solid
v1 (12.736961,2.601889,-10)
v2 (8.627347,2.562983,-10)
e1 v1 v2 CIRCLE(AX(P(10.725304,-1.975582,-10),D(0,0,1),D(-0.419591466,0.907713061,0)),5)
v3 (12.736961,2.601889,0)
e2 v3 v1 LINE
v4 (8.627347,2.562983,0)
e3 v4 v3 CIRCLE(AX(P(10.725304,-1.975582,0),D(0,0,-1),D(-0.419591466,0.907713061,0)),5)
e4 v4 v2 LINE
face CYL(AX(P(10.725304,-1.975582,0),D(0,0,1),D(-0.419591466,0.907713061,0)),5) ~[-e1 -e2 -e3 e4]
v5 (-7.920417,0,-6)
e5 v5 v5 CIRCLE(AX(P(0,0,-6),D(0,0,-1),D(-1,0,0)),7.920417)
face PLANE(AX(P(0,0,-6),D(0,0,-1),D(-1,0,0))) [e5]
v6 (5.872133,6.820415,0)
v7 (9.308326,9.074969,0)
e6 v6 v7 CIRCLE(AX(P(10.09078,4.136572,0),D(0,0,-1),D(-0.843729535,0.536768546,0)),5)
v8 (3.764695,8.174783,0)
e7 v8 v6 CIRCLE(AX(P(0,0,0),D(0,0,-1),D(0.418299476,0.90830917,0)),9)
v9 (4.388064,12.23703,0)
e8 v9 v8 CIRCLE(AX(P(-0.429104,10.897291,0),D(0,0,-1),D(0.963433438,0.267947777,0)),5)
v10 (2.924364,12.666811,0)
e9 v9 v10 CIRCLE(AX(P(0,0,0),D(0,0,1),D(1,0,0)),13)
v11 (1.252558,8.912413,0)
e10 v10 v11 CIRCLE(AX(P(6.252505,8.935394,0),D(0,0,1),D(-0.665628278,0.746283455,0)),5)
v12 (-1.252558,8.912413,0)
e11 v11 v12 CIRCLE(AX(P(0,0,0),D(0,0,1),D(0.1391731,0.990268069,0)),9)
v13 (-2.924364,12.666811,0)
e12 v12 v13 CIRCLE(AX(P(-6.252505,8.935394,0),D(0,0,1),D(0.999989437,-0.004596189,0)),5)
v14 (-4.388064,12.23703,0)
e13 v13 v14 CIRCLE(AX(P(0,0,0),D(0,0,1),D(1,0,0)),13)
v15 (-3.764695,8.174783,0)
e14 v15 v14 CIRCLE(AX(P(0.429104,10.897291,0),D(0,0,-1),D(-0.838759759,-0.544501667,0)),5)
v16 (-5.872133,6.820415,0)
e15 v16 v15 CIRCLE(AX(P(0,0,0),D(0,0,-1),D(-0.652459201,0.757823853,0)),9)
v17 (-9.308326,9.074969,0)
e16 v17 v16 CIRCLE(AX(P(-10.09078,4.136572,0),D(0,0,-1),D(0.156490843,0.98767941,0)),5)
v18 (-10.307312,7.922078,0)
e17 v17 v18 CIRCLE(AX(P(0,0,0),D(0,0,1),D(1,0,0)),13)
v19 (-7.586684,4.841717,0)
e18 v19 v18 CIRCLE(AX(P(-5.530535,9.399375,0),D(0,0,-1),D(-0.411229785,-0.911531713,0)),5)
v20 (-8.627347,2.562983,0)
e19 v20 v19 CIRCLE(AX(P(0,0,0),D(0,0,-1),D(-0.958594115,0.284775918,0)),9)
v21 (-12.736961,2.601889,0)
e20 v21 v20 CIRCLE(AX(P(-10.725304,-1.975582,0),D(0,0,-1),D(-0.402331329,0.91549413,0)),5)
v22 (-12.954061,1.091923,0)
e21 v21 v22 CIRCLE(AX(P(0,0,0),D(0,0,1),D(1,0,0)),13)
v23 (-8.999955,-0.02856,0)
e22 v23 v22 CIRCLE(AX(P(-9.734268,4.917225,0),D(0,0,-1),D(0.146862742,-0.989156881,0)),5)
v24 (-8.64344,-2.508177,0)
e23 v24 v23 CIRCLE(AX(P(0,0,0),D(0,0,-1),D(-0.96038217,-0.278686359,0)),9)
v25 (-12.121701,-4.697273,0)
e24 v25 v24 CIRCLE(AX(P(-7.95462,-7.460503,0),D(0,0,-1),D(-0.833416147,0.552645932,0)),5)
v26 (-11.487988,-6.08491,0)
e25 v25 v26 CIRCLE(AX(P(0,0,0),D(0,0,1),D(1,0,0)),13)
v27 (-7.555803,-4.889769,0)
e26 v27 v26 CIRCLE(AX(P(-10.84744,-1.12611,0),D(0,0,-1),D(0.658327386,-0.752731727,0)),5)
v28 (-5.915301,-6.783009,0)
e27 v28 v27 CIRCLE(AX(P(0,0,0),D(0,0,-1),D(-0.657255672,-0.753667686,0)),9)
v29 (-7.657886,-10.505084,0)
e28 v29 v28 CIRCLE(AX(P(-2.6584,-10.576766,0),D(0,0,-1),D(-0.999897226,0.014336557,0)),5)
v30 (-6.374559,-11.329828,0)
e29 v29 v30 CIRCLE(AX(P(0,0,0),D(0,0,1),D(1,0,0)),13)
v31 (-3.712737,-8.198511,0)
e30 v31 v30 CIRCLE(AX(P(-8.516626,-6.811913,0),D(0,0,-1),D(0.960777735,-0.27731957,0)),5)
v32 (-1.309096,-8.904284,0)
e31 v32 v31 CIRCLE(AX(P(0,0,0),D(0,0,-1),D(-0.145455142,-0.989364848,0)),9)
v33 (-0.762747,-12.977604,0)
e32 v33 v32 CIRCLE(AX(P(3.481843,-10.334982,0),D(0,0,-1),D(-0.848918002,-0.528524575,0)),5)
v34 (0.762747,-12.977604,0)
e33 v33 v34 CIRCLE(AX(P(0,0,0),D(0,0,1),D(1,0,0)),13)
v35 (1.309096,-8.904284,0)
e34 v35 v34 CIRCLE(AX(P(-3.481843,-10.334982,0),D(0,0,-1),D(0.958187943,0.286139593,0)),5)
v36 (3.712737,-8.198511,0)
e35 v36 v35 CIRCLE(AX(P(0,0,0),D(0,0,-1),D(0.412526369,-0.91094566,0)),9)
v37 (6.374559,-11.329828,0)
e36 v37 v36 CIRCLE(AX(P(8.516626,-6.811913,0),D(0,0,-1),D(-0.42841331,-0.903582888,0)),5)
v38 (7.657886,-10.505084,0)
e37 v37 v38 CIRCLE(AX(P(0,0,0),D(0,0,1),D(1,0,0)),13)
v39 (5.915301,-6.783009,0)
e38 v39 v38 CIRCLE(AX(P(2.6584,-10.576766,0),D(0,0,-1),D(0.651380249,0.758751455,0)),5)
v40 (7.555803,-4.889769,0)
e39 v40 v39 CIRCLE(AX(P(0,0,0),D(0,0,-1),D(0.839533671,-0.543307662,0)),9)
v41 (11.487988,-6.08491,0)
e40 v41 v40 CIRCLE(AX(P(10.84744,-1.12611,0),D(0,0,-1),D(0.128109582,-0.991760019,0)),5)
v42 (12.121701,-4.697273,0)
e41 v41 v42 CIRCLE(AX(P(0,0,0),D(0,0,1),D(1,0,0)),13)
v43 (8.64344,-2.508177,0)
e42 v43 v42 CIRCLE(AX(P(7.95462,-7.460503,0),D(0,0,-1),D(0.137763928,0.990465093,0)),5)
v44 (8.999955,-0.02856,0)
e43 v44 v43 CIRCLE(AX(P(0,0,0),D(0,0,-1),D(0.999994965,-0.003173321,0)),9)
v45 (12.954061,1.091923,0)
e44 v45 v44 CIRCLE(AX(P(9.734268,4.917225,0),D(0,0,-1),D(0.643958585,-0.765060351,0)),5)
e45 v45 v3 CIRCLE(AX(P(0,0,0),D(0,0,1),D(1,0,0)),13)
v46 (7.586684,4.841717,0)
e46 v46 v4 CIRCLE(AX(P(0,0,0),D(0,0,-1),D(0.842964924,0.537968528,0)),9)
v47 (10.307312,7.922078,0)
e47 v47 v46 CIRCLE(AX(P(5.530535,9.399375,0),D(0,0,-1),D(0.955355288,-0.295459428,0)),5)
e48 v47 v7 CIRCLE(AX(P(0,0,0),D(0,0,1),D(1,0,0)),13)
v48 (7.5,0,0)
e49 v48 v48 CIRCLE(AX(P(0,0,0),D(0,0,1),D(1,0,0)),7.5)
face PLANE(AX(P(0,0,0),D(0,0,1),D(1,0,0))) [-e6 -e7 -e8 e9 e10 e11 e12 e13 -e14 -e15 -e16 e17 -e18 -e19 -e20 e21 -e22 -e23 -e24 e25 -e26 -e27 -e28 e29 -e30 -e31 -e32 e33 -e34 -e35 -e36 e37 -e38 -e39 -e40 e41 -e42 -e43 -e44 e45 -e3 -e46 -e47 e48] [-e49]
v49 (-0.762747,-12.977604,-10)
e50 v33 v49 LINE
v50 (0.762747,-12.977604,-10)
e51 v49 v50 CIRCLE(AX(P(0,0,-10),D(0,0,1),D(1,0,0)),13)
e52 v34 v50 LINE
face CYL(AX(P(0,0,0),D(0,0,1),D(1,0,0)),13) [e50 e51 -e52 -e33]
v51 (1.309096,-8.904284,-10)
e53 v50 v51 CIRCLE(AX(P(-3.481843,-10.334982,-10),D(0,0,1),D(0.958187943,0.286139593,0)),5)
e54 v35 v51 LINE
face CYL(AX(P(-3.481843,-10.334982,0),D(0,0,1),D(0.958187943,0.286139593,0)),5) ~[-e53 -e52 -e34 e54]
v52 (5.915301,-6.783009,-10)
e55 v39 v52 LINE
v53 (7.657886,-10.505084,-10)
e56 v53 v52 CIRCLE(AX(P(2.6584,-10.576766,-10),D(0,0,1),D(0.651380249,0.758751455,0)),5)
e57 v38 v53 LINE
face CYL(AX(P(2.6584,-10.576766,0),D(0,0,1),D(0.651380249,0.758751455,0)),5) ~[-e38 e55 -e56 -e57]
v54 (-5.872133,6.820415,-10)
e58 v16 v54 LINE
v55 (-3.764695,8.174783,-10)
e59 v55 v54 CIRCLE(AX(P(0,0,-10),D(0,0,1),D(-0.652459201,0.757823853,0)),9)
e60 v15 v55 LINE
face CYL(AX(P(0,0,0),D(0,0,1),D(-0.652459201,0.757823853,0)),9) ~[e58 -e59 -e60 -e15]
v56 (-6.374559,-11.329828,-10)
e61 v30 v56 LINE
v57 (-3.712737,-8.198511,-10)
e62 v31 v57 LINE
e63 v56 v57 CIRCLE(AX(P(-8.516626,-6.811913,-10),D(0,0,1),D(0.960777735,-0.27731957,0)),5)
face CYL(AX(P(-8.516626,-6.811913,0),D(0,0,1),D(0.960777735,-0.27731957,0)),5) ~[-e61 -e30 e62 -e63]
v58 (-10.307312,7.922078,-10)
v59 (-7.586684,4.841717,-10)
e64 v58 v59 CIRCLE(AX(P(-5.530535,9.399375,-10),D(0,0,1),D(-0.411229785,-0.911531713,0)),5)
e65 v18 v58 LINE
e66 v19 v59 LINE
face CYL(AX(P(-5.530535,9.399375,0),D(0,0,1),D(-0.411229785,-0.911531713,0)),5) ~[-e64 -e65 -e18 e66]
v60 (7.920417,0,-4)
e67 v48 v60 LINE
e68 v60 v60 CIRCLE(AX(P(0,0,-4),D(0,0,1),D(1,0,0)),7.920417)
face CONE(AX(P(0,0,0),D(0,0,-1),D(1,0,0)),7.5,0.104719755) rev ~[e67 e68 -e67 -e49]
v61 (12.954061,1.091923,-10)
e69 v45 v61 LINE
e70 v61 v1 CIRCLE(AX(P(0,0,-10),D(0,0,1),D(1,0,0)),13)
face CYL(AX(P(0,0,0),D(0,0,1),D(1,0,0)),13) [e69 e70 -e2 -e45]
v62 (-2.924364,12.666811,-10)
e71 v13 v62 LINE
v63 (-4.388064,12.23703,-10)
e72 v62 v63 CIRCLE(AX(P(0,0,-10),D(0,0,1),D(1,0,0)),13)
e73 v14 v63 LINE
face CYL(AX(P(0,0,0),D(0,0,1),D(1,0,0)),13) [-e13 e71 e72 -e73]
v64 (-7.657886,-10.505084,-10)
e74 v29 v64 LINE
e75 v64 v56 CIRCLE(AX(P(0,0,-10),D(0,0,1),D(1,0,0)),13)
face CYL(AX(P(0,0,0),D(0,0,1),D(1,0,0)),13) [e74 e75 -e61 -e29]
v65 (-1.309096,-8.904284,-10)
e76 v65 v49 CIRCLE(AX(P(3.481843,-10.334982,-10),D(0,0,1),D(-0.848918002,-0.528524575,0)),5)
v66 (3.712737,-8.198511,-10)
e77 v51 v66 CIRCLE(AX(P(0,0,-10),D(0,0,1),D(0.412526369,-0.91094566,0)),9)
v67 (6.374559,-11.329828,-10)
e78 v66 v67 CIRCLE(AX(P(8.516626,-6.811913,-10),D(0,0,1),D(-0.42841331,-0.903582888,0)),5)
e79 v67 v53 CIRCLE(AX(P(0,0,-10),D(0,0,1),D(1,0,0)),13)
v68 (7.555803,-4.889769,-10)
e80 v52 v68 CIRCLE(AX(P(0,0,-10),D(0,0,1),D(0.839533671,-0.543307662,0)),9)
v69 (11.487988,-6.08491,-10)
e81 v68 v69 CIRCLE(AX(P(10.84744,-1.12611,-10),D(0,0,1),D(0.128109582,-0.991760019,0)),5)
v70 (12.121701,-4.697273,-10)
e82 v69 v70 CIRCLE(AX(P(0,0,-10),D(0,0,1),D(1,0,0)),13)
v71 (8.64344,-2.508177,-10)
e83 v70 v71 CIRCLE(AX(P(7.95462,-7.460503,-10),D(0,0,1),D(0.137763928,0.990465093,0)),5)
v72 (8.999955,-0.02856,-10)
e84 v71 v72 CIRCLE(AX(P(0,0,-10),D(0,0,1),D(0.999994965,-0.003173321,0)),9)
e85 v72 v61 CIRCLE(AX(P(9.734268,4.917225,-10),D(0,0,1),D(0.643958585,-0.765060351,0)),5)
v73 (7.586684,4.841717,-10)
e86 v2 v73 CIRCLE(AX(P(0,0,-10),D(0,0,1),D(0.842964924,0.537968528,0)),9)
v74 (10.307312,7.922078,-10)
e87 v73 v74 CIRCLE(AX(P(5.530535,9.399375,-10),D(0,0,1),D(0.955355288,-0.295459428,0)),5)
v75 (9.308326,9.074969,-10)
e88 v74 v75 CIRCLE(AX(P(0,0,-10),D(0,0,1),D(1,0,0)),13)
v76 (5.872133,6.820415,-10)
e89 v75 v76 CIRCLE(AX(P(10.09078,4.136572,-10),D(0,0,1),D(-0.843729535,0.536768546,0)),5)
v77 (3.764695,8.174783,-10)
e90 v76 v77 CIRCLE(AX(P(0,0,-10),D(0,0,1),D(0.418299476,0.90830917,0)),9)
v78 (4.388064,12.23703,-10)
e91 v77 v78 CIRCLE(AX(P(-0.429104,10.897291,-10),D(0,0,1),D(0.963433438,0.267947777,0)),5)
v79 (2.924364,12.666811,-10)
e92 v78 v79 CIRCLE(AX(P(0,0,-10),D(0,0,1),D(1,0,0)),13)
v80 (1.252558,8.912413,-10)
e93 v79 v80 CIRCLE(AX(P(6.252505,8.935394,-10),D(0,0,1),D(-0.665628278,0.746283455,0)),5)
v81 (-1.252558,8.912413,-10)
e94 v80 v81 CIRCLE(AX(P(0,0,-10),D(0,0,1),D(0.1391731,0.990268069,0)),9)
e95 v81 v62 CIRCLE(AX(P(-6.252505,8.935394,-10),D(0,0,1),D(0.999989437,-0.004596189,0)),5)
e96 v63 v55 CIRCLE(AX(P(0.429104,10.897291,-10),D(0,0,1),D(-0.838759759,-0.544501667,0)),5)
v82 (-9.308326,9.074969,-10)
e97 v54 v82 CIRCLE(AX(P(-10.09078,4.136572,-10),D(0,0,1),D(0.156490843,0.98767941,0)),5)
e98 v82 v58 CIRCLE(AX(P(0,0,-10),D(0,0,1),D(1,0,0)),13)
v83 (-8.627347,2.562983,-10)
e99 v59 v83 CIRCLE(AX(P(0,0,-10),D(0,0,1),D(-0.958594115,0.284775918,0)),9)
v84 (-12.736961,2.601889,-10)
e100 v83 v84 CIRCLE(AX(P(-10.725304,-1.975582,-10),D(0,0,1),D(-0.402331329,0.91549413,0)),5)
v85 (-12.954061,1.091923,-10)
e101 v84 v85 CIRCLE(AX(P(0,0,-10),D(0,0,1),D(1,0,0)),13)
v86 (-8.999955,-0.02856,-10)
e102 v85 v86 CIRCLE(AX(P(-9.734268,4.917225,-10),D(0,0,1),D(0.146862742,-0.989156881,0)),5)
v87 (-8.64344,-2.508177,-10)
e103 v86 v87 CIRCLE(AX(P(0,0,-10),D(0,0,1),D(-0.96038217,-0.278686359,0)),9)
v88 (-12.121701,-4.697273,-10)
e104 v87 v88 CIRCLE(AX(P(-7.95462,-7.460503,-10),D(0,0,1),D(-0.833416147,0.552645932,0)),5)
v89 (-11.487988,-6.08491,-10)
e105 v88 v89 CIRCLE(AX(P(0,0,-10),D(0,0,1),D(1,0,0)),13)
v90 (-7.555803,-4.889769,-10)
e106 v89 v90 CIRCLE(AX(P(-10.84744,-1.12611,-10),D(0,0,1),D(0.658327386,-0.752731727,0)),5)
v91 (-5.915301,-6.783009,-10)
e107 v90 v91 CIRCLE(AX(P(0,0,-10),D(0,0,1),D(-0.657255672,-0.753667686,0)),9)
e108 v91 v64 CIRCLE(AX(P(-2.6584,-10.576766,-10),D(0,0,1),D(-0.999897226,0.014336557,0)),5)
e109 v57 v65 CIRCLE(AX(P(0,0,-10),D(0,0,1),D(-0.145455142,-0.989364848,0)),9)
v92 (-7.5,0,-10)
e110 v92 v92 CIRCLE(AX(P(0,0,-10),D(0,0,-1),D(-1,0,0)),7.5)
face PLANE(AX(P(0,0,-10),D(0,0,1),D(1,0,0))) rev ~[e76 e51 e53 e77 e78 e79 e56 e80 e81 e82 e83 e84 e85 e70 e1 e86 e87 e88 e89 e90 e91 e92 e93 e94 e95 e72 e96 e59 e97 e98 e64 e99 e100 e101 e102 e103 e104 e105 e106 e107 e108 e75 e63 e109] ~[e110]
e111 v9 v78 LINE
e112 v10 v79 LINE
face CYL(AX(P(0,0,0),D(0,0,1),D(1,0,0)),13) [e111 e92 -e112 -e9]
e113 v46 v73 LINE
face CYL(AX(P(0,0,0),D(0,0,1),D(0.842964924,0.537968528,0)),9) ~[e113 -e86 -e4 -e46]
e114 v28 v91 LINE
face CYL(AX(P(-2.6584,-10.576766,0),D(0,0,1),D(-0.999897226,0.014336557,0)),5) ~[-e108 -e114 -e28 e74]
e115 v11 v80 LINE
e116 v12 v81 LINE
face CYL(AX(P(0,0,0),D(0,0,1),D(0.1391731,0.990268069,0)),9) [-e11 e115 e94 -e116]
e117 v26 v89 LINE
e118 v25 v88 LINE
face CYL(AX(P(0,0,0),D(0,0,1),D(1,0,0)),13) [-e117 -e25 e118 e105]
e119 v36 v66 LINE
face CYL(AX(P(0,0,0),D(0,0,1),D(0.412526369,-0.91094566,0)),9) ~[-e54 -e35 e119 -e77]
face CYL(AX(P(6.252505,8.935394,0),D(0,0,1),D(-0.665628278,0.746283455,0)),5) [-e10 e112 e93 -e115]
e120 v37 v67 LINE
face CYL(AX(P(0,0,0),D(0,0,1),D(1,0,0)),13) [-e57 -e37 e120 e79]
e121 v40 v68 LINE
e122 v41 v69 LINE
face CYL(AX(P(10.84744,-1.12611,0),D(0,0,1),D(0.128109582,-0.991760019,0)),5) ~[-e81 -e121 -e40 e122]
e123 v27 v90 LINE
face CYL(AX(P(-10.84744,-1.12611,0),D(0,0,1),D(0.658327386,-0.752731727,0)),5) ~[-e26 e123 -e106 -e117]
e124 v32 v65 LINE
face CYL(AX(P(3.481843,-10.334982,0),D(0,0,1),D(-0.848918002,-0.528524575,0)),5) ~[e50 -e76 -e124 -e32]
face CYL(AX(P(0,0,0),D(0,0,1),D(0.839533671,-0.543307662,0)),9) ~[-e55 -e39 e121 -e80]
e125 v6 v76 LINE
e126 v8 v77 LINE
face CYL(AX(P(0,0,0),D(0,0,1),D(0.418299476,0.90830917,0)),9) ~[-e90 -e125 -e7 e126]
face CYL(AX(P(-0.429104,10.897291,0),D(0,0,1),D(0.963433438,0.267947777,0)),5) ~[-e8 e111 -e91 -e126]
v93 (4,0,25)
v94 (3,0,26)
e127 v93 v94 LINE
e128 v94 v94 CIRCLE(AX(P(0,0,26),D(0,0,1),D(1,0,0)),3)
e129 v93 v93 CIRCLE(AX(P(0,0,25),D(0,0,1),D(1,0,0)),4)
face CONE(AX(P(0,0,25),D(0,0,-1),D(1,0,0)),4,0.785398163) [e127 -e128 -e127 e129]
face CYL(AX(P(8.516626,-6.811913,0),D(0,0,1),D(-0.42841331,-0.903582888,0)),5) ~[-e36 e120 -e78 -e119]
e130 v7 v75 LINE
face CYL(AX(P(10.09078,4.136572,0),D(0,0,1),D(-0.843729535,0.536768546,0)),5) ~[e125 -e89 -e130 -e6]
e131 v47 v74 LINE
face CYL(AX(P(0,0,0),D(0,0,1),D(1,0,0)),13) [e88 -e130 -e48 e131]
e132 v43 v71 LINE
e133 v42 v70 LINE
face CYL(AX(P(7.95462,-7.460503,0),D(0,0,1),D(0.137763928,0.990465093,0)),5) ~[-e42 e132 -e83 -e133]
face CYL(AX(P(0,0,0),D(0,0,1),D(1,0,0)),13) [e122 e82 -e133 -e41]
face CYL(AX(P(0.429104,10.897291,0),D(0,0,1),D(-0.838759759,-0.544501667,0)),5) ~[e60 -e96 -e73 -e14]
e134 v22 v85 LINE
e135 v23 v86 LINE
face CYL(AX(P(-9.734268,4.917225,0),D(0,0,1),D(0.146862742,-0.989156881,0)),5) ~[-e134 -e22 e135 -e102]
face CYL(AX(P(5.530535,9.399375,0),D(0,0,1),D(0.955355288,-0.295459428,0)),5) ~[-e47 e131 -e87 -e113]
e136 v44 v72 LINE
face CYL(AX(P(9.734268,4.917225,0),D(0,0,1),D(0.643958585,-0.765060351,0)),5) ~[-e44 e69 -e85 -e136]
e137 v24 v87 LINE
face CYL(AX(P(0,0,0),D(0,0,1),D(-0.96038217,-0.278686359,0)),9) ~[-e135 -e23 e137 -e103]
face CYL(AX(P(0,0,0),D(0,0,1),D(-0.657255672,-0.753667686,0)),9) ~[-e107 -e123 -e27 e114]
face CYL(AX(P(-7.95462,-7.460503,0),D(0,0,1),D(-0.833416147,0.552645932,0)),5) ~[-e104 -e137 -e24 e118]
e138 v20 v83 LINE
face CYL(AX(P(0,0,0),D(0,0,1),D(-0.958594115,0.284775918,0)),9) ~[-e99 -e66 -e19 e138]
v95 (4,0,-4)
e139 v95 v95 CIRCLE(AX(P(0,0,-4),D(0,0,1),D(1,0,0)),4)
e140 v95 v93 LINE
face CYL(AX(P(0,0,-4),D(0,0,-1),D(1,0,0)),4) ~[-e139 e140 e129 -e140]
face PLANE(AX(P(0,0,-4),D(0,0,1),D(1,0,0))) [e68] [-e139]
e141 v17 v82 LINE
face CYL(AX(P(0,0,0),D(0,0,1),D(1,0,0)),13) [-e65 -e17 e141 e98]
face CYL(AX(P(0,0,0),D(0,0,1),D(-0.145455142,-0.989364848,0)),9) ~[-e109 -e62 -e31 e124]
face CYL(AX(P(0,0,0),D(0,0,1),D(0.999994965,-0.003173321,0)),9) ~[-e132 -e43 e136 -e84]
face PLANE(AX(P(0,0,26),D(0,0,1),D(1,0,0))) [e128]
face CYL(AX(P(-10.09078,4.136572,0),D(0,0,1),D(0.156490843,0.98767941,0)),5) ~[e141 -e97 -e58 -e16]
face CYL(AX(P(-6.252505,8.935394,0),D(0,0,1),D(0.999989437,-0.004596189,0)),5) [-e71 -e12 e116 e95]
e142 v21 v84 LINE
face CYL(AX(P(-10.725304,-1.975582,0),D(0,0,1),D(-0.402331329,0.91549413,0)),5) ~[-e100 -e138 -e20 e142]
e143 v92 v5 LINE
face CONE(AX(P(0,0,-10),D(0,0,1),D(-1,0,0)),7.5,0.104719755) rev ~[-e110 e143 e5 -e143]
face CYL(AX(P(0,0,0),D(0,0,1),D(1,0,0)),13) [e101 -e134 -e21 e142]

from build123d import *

# Parameters (mm, degrees)
SKETCH_1_R          = 13
EXTRUDE_2_DEPTH     = 10
CUT_EXTRUDE_1_DEPTH = 21.928449536
SKETCH_3_R          = 7.5
CUT_EXTRUDE_2_DEPTH = 4
CUT_EXTRUDE_2_DRAFT = 6
SKETCH_4_R          = 7.5
CUT_EXTRUDE_3_DEPTH = 4
CUT_EXTRUDE_3_DRAFT = 6
SKETCH_5_R          = 4
EXTRUDE_3_DEPTH     = 30
CHAMFER_1_SIZE      = 1


with BuildPart() as part:
    # Эскиз1 → Бобышка-Вытянуть2 (new body)
    with BuildSketch(Plane.XY):
        Circle(SKETCH_1_R)
    extrude(amount=-EXTRUDE_2_DEPTH)

    # Эскиз2 → Вырез-Вытянуть1 (cut, through all)
    with BuildSketch(Plane.XY):
        with BuildLine():
            ThreePointArc((1.252557909, 8.912412619), (0, 9), (-1.252557909, 8.912412619))
            ThreePointArc((-1.252557909, 8.912412619), (-1.684886314, 10.969320472), (-2.924363706, 12.666810842))
            ThreePointArc((-2.924363706, 12.666810842), (0, 13), (2.924363706, 12.666810842))
            ThreePointArc((2.924363706, 12.666810842), (1.684886314, 10.969320472), (1.252557909, 8.912412619))
        make_face()
        with BuildLine():
            ThreePointArc((9.308326268, 9.074968986), (7.028330627, 10.936295927), (4.388063669, 12.237029756))
            ThreePointArc((4.388063669, 12.237029756), (4.513045823, 10.138897913), (3.764695278, 8.174782533))
            ThreePointArc((3.764695278, 8.174782533), (4.865767357, 7.571281795), (5.872132809, 6.82041467))
            ThreePointArc((5.872132809, 6.82041467), (7.34787895, 8.317061286), (9.308326268, 9.074968986))
        make_face()
        with BuildLine():
            ThreePointArc((12.736961008, 2.601888597), (11.82521594, 5.400395169), (10.307311834, 7.922078184))
            ThreePointArc((10.307311834, 7.922078184), (9.278117798, 6.089446906), (7.586684314, 4.841716754))
            ThreePointArc((7.586684314, 4.841716754), (8.186687958, 3.738735117), (8.627347034, 2.562983254))
            ThreePointArc((8.627347034, 2.562983254), (10.677971938, 3.024193907), (12.736961008, 2.601888597))
        make_face()
        with BuildLine():
            ThreePointArc((12.121700624, -4.697273037), (12.867678744, -1.850092898), (12.95406132, 1.091922764))
            ThreePointArc((12.95406132, 1.091922764), (11.097452929, 0.106639531), (8.999954685, -0.028559885))
            ThreePointArc((8.999954685, -0.028559885), (8.908392977, -1.280833544), (8.643439533, -2.508177236))
            ThreePointArc((8.643439533, -2.508177236), (10.617884283, -3.228833669), (12.121700624, -4.697273037))
        make_face()
        with BuildLine():
            ThreePointArc((7.657885939, -10.505083671), (9.824744467, -8.513189541), (11.487987866, -6.084910418))
            ThreePointArc((11.487987866, -6.084910418), (9.393425165, -5.910025141), (7.555803034, -4.889768962))
            ThreePointArc((7.555803034, -4.889768962), (6.801746169, -5.893746606), (5.915301052, -6.783009175))
            ThreePointArc((5.915301052, -6.783009175), (7.186693389, -8.456729369), (7.657885939, -10.505083671))
        make_face()
        with BuildLine():
            ThreePointArc((0.762746577, -12.977604465), (3.662523239, -12.473408657), (6.374559434, -11.329827537))
            ThreePointArc((6.374559434, -11.329827537), (4.707051283, -10.050298589), (3.712737307, -8.198510943))
            ThreePointArc((3.712737307, -8.198510943), (2.535593012, -8.635436763), (1.309096282, -8.904283628))
            ThreePointArc((1.309096282, -8.904283628), (1.473778124, -10.999673247), (0.762746577, -12.977604465))
        make_face()
        with BuildLine():
            ThreePointArc((-6.374559434, -11.329827537), (-3.662523239, -12.473408657), (-0.762746577, -12.977604465))
            ThreePointArc((-0.762746577, -12.977604465), (-1.473778124, -10.999673247), (-1.309096282, -8.904283628))
            ThreePointArc((-1.309096282, -8.904283628), (-2.535593012, -8.635436763), (-3.712737307, -8.198510943))
            ThreePointArc((-3.712737307, -8.198510943), (-4.707051283, -10.050298589), (-6.374559434, -11.329827537))
        make_face()
        with BuildLine():
            ThreePointArc((-11.487987866, -6.084910418), (-9.824744467, -8.513189541), (-7.657885939, -10.505083671))
            ThreePointArc((-7.657885939, -10.505083671), (-7.186693389, -8.456729369), (-5.915301052, -6.783009175))
            ThreePointArc((-5.915301052, -6.783009175), (-6.801746169, -5.893746606), (-7.555803034, -4.889768962))
            ThreePointArc((-7.555803034, -4.889768962), (-9.393425165, -5.910025141), (-11.487987866, -6.084910418))
        make_face()
        with BuildLine():
            ThreePointArc((-12.95406132, 1.091922764), (-12.867678744, -1.850092898), (-12.121700624, -4.697273037))
            ThreePointArc((-12.121700624, -4.697273037), (-10.617884283, -3.228833669), (-8.643439533, -2.508177236))
            ThreePointArc((-8.643439533, -2.508177236), (-8.908392977, -1.280833544), (-8.999954685, -0.028559885))
            ThreePointArc((-8.999954685, -0.028559885), (-11.097452929, 0.106639531), (-12.95406132, 1.091922764))
        make_face()
        with BuildLine():
            ThreePointArc((-10.307311834, 7.922078184), (-11.82521594, 5.400395169), (-12.736961008, 2.601888597))
            ThreePointArc((-12.736961008, 2.601888597), (-10.677971938, 3.024193907), (-8.627347034, 2.562983254))
            ThreePointArc((-8.627347034, 2.562983254), (-8.186687958, 3.738735117), (-7.586684314, 4.841716754))
            ThreePointArc((-7.586684314, 4.841716754), (-9.278117798, 6.089446906), (-10.307311834, 7.922078184))
        make_face()
        with BuildLine():
            ThreePointArc((-4.388063669, 12.237029756), (-7.028330627, 10.936295927), (-9.308326268, 9.074968986))
            ThreePointArc((-9.308326268, 9.074968986), (-7.34787895, 8.317061286), (-5.872132809, 6.82041467))
            ThreePointArc((-5.872132809, 6.82041467), (-4.865767357, 7.571281795), (-3.764695278, 8.174782533))
            ThreePointArc((-3.764695278, 8.174782533), (-4.513045823, 10.138897913), (-4.388063669, 12.237029756))
        make_face()
    extrude(amount=-CUT_EXTRUDE_1_DEPTH, mode=Mode.SUBTRACT)


with BuildPart() as cut_extrude_2_tool:
    # Эскиз3 → Вырез-Вытянуть2 (with draft: the straight prism first)
    with BuildSketch(Plane.XY):
        Circle(SKETCH_3_R)
    extrude(amount=-CUT_EXTRUDE_2_DEPTH)
    # Вырез-Вытянуть2: the draft: its side faces are tilted about the plane it starts from
    cut_extrude_2_sides = [cut_extrude_2_tool.faces().sort_by_distance(p)[0] for p in [
        (-7.5, 0, -2),
    ]]
    draft(cut_extrude_2_sides, Plane.XY, CUT_EXTRUDE_2_DRAFT)


with BuildPart() as part_1:
    add(part.part)

    # Вырез-Вытянуть2: cut by cut_extrude_2_tool
    add(cut_extrude_2_tool.part, mode=Mode.SUBTRACT)


with BuildPart() as cut_extrude_3_tool:
    # Эскиз4 → Вырез-Вытянуть3 (with draft: the straight prism first)
    with BuildSketch(Plane(origin=(0, 0, -10), x_dir=(-1, 0, 0), z_dir=(0, 0, -1))):
        Circle(SKETCH_4_R)
    extrude(amount=-CUT_EXTRUDE_3_DEPTH)
    # Вырез-Вытянуть3: the draft: its side faces are tilted about the plane it starts from
    cut_extrude_3_sides = [cut_extrude_3_tool.faces().sort_by_distance(p)[0] for p in [
        (7.5, 0, -8),
    ]]
    draft(cut_extrude_3_sides, Plane(origin=(0, 0, -10), x_dir=(-1, 0, 0), z_dir=(0, 0, -1)), CUT_EXTRUDE_3_DRAFT)


with BuildPart() as part_2:
    add(part_1.part)

    # Вырез-Вытянуть3: cut by cut_extrude_3_tool
    add(cut_extrude_3_tool.part, mode=Mode.SUBTRACT)

    # Эскиз5 → Бобышка-Вытянуть3 (add)
    with BuildSketch(Plane.XY.offset(-4)):
        Circle(SKETCH_5_R)
    extrude(amount=EXTRUDE_3_DEPTH)

    # Фаска1
    chamfer_1_edges = [part_2.edges().sort_by_distance(p)[0] for p in [
        (-4, 0, 26),
    ]]
    chamfer(chamfer_1_edges, length=CHAMFER_1_SIZE)


solid = part_2.part
